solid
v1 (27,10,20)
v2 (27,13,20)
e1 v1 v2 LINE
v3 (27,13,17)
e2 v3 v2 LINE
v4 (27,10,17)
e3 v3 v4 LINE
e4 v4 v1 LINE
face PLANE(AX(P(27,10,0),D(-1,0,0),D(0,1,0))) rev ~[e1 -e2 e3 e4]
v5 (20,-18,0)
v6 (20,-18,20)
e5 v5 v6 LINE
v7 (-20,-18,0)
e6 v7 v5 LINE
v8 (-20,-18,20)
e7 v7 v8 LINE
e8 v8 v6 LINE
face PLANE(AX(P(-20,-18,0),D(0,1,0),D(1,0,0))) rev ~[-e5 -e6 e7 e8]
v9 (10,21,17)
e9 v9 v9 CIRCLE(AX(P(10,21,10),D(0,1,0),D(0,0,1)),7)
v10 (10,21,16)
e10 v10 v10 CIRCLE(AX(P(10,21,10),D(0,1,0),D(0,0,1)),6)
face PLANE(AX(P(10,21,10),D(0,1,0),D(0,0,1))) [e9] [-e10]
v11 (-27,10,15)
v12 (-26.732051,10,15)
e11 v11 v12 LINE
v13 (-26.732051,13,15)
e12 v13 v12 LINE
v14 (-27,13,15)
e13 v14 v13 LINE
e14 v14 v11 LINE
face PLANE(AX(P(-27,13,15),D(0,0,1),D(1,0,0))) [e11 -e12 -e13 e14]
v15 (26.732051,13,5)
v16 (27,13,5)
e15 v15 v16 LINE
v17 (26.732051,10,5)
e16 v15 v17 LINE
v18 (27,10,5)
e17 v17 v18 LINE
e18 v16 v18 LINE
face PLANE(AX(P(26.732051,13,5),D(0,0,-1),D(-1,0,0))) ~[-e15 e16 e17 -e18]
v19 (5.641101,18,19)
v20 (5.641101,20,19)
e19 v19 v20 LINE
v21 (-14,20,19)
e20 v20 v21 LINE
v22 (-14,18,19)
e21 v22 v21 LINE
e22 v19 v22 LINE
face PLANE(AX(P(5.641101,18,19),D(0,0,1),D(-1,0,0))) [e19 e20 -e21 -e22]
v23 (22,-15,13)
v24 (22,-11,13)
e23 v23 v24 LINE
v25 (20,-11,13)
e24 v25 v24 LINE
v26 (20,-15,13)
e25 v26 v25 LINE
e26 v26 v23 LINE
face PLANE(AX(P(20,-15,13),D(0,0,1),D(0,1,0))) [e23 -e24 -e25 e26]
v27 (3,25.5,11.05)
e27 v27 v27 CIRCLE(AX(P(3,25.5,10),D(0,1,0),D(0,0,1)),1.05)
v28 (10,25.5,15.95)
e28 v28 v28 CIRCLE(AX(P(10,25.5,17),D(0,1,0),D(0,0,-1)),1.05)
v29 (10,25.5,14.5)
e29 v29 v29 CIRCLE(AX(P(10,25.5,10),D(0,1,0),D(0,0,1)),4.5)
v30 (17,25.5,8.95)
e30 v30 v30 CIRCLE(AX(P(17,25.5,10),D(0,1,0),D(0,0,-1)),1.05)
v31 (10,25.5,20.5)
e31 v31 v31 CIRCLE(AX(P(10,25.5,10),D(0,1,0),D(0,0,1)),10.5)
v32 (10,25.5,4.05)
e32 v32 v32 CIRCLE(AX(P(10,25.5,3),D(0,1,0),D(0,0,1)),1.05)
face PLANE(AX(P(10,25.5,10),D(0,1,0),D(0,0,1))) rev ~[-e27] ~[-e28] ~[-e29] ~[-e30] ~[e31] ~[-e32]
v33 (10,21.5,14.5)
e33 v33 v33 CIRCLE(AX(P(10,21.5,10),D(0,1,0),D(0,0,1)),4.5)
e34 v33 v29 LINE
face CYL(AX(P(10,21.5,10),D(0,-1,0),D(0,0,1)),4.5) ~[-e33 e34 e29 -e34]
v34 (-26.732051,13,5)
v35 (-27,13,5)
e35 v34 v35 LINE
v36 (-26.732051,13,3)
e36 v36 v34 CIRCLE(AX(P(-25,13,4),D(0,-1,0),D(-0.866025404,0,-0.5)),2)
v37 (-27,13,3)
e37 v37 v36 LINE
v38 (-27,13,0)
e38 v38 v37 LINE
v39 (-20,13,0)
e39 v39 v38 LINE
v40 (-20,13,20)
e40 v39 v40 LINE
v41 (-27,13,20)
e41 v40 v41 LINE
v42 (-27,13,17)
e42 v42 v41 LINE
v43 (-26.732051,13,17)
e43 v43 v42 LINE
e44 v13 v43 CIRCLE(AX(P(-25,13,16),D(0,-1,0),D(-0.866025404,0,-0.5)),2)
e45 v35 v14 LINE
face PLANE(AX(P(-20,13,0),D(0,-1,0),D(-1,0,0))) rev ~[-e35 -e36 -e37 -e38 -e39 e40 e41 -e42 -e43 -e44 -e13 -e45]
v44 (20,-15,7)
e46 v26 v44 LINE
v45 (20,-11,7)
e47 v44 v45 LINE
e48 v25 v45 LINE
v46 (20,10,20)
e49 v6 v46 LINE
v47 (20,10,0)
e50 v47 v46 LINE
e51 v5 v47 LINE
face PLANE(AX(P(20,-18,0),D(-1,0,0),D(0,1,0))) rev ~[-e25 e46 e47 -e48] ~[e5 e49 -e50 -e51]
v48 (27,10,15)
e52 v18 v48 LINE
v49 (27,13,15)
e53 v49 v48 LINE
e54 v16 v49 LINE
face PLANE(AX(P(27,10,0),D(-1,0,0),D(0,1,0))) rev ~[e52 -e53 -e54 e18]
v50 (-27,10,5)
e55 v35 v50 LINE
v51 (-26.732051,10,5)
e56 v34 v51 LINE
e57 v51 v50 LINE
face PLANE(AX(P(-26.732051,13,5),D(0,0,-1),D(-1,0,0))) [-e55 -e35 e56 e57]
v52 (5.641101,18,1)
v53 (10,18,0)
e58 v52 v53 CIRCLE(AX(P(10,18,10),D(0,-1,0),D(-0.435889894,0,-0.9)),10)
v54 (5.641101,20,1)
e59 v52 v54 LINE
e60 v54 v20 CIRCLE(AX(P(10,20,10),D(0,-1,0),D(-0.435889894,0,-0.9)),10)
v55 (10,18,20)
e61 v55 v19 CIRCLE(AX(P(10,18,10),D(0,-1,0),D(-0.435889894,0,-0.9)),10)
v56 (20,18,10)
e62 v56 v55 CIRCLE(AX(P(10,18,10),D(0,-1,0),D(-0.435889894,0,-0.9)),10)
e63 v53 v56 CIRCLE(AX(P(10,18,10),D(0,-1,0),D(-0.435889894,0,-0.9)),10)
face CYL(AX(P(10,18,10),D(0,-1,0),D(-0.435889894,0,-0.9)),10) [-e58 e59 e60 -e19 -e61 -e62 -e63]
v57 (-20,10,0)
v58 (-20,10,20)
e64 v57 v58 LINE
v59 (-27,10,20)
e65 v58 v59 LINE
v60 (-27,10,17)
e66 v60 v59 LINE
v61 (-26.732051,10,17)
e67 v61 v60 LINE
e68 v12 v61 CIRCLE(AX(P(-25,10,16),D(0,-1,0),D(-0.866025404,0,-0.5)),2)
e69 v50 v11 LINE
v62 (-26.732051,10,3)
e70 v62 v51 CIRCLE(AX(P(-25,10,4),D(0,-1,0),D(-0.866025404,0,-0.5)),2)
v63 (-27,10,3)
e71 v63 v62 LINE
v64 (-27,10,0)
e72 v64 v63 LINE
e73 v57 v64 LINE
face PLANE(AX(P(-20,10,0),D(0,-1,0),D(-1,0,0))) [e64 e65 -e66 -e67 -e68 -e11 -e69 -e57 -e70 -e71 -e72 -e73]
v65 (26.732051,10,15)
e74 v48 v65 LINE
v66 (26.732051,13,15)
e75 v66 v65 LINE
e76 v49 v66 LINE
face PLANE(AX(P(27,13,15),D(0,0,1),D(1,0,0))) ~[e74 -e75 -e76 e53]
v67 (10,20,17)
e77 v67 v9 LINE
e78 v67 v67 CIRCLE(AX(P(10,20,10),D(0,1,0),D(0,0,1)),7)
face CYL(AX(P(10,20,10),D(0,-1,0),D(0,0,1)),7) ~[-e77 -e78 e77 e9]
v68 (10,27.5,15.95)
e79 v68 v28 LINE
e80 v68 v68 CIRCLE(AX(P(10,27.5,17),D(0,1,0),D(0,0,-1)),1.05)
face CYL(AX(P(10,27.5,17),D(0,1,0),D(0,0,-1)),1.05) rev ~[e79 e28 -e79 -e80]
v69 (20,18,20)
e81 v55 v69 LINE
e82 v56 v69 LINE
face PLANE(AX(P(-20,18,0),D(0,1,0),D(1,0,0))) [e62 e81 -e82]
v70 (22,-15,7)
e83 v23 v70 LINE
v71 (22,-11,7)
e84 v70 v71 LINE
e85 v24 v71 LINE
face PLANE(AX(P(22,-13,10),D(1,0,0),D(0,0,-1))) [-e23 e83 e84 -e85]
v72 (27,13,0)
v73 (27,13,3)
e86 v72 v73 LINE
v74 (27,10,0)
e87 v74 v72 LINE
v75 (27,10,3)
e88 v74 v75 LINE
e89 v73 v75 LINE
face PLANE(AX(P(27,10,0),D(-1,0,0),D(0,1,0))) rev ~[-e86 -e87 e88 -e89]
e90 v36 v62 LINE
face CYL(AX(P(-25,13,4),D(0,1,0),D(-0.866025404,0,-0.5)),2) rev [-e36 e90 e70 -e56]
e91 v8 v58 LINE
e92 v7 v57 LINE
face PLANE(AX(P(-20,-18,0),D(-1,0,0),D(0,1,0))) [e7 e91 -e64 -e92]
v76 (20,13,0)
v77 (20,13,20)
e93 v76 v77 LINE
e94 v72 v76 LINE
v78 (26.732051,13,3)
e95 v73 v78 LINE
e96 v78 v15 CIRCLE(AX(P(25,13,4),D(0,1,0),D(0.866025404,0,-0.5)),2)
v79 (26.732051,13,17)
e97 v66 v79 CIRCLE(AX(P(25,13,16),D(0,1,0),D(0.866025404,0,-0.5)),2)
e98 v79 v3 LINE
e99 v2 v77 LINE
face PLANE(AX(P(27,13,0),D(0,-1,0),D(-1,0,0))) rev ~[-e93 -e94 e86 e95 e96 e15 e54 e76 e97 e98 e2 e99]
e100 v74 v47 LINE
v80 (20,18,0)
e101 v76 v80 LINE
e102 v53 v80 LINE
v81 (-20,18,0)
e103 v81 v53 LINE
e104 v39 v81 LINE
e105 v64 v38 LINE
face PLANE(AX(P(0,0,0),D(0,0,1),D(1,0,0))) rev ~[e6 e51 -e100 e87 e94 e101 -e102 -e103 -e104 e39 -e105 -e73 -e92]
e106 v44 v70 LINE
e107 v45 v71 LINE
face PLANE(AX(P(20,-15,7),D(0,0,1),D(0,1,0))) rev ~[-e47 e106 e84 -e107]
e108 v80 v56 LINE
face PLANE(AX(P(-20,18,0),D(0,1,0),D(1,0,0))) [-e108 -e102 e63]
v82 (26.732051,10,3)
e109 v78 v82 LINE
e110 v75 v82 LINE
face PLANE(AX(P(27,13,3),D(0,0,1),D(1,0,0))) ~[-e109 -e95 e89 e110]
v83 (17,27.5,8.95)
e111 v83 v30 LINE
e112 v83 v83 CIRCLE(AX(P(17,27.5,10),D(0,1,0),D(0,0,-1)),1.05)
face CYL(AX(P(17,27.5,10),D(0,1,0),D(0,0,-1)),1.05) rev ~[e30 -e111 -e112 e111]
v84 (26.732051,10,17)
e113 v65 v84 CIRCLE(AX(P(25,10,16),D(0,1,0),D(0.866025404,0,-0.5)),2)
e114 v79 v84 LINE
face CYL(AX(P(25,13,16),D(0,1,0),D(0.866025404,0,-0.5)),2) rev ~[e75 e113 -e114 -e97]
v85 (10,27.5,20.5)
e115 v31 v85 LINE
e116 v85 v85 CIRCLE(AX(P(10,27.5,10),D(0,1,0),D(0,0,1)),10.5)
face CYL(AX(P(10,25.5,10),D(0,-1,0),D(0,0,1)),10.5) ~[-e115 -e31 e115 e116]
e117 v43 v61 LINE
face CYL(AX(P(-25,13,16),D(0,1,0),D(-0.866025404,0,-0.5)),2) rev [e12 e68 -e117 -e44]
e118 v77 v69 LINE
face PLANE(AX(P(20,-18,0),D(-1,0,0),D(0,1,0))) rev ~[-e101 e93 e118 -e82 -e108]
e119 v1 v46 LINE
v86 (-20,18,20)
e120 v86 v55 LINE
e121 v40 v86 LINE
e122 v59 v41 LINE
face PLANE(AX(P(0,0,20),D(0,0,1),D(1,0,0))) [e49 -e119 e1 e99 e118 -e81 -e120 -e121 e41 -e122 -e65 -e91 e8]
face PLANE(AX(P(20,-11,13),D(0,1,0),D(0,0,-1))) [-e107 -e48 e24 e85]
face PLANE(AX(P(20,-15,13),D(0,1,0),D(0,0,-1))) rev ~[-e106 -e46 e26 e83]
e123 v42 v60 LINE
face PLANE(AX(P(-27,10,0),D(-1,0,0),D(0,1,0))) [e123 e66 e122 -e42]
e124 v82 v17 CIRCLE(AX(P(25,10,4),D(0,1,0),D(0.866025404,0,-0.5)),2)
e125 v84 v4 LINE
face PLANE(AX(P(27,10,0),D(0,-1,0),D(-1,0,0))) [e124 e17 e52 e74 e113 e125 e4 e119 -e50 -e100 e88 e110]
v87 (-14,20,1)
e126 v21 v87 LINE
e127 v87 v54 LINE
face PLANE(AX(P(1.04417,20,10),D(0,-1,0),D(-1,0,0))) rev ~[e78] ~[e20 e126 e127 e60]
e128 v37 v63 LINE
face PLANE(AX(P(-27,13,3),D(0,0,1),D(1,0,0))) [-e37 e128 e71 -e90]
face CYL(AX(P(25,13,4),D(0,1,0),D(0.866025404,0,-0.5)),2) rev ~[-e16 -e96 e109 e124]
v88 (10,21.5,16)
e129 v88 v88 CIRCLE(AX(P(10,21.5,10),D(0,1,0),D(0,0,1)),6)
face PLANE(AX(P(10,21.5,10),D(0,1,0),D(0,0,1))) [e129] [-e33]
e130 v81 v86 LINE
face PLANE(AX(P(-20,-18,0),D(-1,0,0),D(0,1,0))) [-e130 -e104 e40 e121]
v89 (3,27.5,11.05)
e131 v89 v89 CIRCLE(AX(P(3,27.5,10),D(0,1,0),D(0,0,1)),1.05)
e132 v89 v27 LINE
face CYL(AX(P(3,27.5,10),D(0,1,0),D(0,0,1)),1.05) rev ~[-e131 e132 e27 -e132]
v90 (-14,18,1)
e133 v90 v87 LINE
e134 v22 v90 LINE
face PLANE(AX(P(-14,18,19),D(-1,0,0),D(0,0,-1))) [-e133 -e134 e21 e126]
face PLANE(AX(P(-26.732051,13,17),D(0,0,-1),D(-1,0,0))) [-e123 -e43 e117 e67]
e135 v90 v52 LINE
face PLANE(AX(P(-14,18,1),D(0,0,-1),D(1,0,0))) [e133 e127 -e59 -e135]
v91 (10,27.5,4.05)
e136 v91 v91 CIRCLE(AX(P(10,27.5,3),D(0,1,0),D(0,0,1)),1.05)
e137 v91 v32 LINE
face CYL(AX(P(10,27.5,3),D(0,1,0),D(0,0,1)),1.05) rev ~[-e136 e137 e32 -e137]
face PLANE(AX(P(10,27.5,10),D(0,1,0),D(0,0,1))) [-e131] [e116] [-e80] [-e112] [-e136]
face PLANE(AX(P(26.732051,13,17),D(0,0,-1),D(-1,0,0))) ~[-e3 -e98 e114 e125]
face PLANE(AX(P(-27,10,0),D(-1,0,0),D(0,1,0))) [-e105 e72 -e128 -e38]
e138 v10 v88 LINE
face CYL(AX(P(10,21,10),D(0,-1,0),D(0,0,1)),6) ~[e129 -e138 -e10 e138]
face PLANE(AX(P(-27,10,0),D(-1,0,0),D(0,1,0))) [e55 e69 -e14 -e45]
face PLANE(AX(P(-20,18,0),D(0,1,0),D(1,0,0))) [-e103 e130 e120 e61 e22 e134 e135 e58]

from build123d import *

# Parameters (mm, degrees)
SKETCH1_W           = 40
SKETCH1_H           = 36
BOSS_EXTRUDE1_DEPTH = 20
BOSS_EXTRUDE3_DEPTH = 2
SKETCH4_R           = 7
BOSS_EXTRUDE4_DEPTH = 1
SKETCH5_R           = 6
BOSS_EXTRUDE5_DEPTH = 0.5
SKETCH8_R           = 4.5
BOSS_EXTRUDE6_DEPTH = 4
SKETCH9_R           = 10.5
BOSS_EXTRUDE7_DEPTH = 2
SKETCH13_W          = 7
SKETCH13_H          = 3
BOSS_EXTRUDE8_DEPTH = 20
CUT_EXTRUDE1_DEPTH  = 3
SKETCH17_W          = 6
SKETCH17_H          = 4
BOSS_EXTRUDE9_DEPTH = 2
SKETCH19_R          = 1.05
CUT_EXTRUDE2_DEPTH  = 2


with BuildPart() as part:
    # Sketch1 → Boss-Extrude1 (new body)
    with BuildSketch(Plane.XY):
        Rectangle(SKETCH1_W, SKETCH1_H)
    extrude(amount=BOSS_EXTRUDE1_DEPTH)

    # Sketch2 → Boss-Extrude3 (add)
    with BuildSketch(Plane(origin=(0, 18, 0), x_dir=(1, 0, 0), z_dir=(0, 1, 0))):
        with BuildLine():
            Line((-14, -1), (5.641101056, -1))
            ThreePointArc((5.641101056, -1), (20, -10), (5.641101056, -19))
            Line((5.641101056, -19), (-14, -19))
            Line((-14, -19), (-14, -1))
        make_face()
    extrude(amount=BOSS_EXTRUDE3_DEPTH)

    # Sketch4 → Boss-Extrude4 (add)
    with BuildSketch(Plane(origin=(0, 20, 0), x_dir=(1, 0, 0), z_dir=(0, 1, 0))):
        with Locations(Location((10, -10, 0), (0, 0, 270))):
            Circle(SKETCH4_R)
    extrude(amount=BOSS_EXTRUDE4_DEPTH)

    # Sketch5 → Boss-Extrude5 (add)
    with BuildSketch(Plane(origin=(0, 21, 0), x_dir=(1, 0, 0), z_dir=(0, 1, 0))):
        with Locations(Location((10, -10, 0), (0, 0, 270))):
            Circle(SKETCH5_R)
    extrude(amount=BOSS_EXTRUDE5_DEPTH)

    # Sketch8 → Boss-Extrude6 (add)
    with BuildSketch(Plane(origin=(0, 21.5, 0), x_dir=(1, 0, 0), z_dir=(0, 1, 0))):
        with Locations(Location((10, -10, 0), (0, 0, 270))):
            Circle(SKETCH8_R)
    extrude(amount=BOSS_EXTRUDE6_DEPTH)

    # Sketch9 → Boss-Extrude7 (add)
    with BuildSketch(Plane(origin=(0, 25.5, 0), x_dir=(1, 0, 0), z_dir=(0, 1, 0))):
        with Locations(Location((10, -10, 0), (0, 0, 270))):
            Circle(SKETCH9_R)
    extrude(amount=BOSS_EXTRUDE7_DEPTH)

    # Sketch13 → Boss-Extrude8 (add)
    with BuildSketch(Plane(origin=(0, 0, 0), x_dir=(-1, 0, 0), z_dir=(0, 0, -1))):
        with Locations((23.5, 11.5)):
            Rectangle(SKETCH13_W, SKETCH13_H)
        with Locations((-23.5, 11.5)):
            Rectangle(SKETCH13_W, SKETCH13_H)
    extrude(amount=-BOSS_EXTRUDE8_DEPTH)

    # Sketch14 → Cut-Extrude1 (cut)
    with BuildSketch(Plane(origin=(0, 13, 0), x_dir=(1, 0, 0), z_dir=(0, 1, 0))):
        with BuildLine():
            Line((-27, -17), (-27, -15))
            Line((-27, -15), (-26.732050808, -15))
            ThreePointArc((-26.732050808, -15), (-23, -16), (-26.732050808, -17))
            Line((-26.732050808, -17), (-27, -17))
        make_face()
        with BuildLine():
            Line((-27, -3), (-26.732050808, -3))
            ThreePointArc((-26.732050808, -3), (-23, -4), (-26.732050808, -5))
            Line((-26.732050808, -5), (-27, -5))
            Line((-27, -5), (-27, -3))
        make_face()
    cut_extrude1 = extrude(amount=-CUT_EXTRUDE1_DEPTH, mode=Mode.SUBTRACT)

    # Mirror2: Cut-Extrude1 across plane
    add(cut_extrude1.mirror(Plane(origin=(0, 0, 0), x_dir=(0, 0, 1), z_dir=(1, 0, 0))), mode=Mode.SUBTRACT)

    # Sketch17 → Boss-Extrude9 (add)
    with BuildSketch(Plane(origin=(20, 0, 0), x_dir=(0, 0, -1), z_dir=(1, 0, 0))):
        with Locations((-10, -13)):
            Rectangle(SKETCH17_W, SKETCH17_H)
    extrude(amount=BOSS_EXTRUDE9_DEPTH)

    # Sketch19 → Cut-Extrude2 (cut)
    with BuildSketch(Plane(origin=(0, 27.5, 0), x_dir=(1, 0, 0), z_dir=(0, 1, 0))):
        with Locations(Location((10, -3, 0), (0, 0, 270))):
            Circle(SKETCH19_R)
        with Locations(Location((3, -10, 0), (0, 0, 270))):
            Circle(SKETCH19_R)
        with Locations(Location((10, -17, 0), (0, 0, 90))):
            Circle(SKETCH19_R)
        with Locations(Location((17, -10, 0), (0, 0, 90))):
            Circle(SKETCH19_R)
    extrude(amount=-CUT_EXTRUDE2_DEPTH, mode=Mode.SUBTRACT)


solid = part.part
